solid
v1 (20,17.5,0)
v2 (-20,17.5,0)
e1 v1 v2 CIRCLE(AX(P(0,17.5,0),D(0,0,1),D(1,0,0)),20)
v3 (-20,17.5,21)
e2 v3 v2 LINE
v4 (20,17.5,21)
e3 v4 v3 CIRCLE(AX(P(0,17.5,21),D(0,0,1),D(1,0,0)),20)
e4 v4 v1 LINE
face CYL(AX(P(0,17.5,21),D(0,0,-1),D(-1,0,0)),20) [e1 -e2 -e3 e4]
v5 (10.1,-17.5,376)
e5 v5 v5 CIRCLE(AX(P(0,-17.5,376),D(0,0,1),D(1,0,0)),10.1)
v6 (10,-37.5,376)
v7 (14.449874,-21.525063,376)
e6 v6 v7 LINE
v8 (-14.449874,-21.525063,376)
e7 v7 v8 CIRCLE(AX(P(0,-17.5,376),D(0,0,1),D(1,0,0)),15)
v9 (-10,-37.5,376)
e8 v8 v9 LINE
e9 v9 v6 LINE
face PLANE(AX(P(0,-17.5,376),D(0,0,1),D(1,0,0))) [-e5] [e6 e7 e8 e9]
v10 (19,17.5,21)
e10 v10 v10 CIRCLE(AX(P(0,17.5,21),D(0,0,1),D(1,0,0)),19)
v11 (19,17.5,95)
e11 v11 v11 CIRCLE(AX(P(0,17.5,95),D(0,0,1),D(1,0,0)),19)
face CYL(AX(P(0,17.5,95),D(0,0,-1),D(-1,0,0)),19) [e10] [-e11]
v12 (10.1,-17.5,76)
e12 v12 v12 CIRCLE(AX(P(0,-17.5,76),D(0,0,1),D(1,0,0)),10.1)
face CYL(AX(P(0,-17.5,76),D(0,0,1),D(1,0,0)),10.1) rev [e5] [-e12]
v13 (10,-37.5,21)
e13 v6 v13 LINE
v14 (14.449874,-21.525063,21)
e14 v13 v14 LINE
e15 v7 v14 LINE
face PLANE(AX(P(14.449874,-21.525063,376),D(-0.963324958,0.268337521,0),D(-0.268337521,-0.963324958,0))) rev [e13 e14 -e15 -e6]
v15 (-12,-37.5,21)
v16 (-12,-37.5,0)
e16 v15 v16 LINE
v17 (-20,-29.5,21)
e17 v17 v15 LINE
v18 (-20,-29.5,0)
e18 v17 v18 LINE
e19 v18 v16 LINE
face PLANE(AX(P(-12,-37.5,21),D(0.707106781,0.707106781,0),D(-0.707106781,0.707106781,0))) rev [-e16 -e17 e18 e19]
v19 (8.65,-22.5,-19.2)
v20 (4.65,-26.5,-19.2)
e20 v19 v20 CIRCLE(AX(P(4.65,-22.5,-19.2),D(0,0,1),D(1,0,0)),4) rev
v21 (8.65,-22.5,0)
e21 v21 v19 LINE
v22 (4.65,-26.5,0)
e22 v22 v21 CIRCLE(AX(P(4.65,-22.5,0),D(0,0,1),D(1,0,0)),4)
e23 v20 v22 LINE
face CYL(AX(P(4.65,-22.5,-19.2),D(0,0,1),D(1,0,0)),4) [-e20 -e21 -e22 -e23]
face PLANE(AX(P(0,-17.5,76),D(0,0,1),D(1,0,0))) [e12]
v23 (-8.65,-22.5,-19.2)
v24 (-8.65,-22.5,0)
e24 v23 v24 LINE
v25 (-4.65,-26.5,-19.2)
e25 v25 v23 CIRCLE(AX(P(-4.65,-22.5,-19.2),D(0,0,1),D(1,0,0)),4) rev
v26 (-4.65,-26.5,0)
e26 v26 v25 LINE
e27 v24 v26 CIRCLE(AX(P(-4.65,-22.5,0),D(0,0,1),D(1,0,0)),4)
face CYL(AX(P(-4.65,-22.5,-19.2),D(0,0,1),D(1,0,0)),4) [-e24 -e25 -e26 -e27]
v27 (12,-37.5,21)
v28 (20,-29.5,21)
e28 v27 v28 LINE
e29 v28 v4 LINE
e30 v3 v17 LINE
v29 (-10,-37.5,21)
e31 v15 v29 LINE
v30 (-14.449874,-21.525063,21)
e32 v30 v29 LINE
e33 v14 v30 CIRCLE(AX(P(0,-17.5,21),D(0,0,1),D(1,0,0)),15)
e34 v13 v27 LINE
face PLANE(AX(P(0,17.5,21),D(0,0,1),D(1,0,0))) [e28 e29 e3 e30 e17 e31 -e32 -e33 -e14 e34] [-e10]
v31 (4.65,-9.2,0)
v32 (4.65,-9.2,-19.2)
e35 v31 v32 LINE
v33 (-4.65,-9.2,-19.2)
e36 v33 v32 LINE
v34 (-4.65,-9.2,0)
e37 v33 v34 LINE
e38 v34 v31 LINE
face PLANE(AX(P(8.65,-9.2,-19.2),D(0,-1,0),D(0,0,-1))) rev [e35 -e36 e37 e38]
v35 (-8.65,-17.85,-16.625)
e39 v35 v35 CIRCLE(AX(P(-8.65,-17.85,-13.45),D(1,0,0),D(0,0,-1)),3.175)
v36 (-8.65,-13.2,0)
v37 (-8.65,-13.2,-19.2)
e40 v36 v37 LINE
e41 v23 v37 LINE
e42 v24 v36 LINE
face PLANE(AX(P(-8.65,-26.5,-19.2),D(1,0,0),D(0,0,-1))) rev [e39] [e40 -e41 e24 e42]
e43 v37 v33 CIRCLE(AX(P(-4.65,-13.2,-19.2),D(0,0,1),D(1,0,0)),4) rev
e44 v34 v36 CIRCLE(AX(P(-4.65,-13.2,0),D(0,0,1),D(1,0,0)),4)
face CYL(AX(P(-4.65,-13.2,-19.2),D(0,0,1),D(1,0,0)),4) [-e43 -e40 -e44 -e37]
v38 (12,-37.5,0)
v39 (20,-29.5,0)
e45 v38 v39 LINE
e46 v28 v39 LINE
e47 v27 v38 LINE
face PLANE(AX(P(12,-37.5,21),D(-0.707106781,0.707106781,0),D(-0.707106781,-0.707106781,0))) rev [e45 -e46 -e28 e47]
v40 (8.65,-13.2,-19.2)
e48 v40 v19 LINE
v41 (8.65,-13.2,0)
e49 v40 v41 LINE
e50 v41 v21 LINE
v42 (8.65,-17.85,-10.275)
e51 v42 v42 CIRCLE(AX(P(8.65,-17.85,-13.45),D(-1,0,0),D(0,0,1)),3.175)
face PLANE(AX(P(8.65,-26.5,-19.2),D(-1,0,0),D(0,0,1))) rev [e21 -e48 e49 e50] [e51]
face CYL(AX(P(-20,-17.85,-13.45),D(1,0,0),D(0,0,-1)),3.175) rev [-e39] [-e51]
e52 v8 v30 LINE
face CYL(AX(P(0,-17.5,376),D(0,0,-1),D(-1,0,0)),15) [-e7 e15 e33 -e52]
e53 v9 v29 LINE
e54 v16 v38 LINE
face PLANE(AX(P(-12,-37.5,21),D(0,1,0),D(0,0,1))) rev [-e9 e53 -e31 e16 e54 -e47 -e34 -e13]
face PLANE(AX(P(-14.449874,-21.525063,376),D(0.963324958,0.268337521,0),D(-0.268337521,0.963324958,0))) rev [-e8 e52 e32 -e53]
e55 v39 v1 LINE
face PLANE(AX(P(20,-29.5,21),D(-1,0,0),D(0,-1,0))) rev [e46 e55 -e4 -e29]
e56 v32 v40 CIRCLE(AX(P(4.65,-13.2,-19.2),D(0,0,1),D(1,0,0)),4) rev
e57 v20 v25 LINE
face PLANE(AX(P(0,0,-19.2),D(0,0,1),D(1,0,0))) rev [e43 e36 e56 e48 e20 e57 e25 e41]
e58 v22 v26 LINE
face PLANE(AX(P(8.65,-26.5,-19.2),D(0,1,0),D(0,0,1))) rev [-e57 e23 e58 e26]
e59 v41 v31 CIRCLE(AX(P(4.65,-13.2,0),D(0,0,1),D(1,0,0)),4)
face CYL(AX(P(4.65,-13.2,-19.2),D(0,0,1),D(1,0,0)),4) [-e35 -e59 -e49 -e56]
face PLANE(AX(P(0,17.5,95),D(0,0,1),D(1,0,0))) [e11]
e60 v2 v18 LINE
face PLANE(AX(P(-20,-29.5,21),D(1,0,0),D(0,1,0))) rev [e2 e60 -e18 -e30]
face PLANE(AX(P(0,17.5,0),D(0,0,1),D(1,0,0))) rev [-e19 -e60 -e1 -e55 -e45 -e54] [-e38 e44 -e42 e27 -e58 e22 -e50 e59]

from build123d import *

# Parameters (mm, degrees)
BOSS_EXTRUDE1_DEPTH     = 21
SKETCH2_R               = 19
BOSS_EXTRUDE2_DEPTH     = 74
BOSS_EXTRUDE3_DEPTH     = 355
SKETCH4_W               = 17.3
SKETCH4_H               = 17.3
BOSS_EXTRUDE4_DEPTH     = 19.2
FILLET1_R               = 4
SKETCH5_R               = 10.1
CUT_EXTRUDE1_DEPTH      = 300
SKETCH6_R               = 3.175
CUT_EXTRUDE2_DEPTH      = 21
CUT_EXTRUDE2_DEPTH_BACK = 21


with BuildPart() as part:
    # Sketch1 → Boss-Extrude1 (new body)
    with BuildSketch(Plane.XY):
        with BuildLine():
            Line((-12, -37.5), (12, -37.5))
            Line((12, -37.5), (20, -29.5))
            Line((20, -29.5), (20, 17.5))
            ThreePointArc((20, 17.5), (0, 37.5), (-20, 17.5))
            Line((-20, 17.5), (-20, -29.5))
            Line((-20, -29.5), (-12, -37.5))
        make_face()
    extrude(amount=BOSS_EXTRUDE1_DEPTH)

    # Sketch2 → Boss-Extrude2 (add)
    with BuildSketch(Plane.XY.offset(21)):
        with Locations((0, 17.5)):
            Circle(SKETCH2_R)
    extrude(amount=BOSS_EXTRUDE2_DEPTH)

    # Sketch3 → Boss-Extrude3 (add)
    with BuildSketch(Plane.XY.offset(21)):
        with BuildLine():
            Line((14.449874371, -21.525062814), (10, -37.5))
            Line((10, -37.5), (-10, -37.5))
            Line((-10, -37.5), (-14.449874371, -21.525062814))
            ThreePointArc((-14.449874371, -21.525062814), (0, -2.5), (14.449874371, -21.525062814))
        make_face()
    extrude(amount=BOSS_EXTRUDE3_DEPTH)

    # Sketch4 → Boss-Extrude4 (add)
    with BuildSketch(Plane(origin=(0, 0, 0), x_dir=(-1, 0, 0), z_dir=(0, 0, -1))):
        with Locations((0, -17.85)):
            Rectangle(SKETCH4_W, SKETCH4_H)
    extrude(amount=BOSS_EXTRUDE4_DEPTH)

    # Fillet1
    fillet1_edges = [part.edges().sort_by_distance(p)[0] for p in [
        (-8.65, -26.5, -9.6),
        (-8.65, -9.2, -9.6),
        (8.65, -9.2, -9.6),
        (8.65, -26.5, -9.6),
    ]]
    fillet(fillet1_edges, radius=FILLET1_R)

    # Sketch5 → Cut-Extrude1 (cut)
    with BuildSketch(Plane.XY.offset(376)):
        with Locations((0, -17.5)):
            Circle(SKETCH5_R)
    extrude(amount=-CUT_EXTRUDE1_DEPTH, mode=Mode.SUBTRACT)

    # Sketch6 → Cut-Extrude2 (cut, two sides)
    with BuildSketch(Plane(origin=(0, 0, 0), x_dir=(0, 0, -1), z_dir=(1, 0, 0))) as cut_extrude2_sk:
        with Locations((13.45, -17.85)):
            Circle(SKETCH6_R)
    extrude(amount=CUT_EXTRUDE2_DEPTH, mode=Mode.SUBTRACT)
    extrude(cut_extrude2_sk.sketch, amount=-CUT_EXTRUDE2_DEPTH_BACK, mode=Mode.SUBTRACT)


solid = part.part
